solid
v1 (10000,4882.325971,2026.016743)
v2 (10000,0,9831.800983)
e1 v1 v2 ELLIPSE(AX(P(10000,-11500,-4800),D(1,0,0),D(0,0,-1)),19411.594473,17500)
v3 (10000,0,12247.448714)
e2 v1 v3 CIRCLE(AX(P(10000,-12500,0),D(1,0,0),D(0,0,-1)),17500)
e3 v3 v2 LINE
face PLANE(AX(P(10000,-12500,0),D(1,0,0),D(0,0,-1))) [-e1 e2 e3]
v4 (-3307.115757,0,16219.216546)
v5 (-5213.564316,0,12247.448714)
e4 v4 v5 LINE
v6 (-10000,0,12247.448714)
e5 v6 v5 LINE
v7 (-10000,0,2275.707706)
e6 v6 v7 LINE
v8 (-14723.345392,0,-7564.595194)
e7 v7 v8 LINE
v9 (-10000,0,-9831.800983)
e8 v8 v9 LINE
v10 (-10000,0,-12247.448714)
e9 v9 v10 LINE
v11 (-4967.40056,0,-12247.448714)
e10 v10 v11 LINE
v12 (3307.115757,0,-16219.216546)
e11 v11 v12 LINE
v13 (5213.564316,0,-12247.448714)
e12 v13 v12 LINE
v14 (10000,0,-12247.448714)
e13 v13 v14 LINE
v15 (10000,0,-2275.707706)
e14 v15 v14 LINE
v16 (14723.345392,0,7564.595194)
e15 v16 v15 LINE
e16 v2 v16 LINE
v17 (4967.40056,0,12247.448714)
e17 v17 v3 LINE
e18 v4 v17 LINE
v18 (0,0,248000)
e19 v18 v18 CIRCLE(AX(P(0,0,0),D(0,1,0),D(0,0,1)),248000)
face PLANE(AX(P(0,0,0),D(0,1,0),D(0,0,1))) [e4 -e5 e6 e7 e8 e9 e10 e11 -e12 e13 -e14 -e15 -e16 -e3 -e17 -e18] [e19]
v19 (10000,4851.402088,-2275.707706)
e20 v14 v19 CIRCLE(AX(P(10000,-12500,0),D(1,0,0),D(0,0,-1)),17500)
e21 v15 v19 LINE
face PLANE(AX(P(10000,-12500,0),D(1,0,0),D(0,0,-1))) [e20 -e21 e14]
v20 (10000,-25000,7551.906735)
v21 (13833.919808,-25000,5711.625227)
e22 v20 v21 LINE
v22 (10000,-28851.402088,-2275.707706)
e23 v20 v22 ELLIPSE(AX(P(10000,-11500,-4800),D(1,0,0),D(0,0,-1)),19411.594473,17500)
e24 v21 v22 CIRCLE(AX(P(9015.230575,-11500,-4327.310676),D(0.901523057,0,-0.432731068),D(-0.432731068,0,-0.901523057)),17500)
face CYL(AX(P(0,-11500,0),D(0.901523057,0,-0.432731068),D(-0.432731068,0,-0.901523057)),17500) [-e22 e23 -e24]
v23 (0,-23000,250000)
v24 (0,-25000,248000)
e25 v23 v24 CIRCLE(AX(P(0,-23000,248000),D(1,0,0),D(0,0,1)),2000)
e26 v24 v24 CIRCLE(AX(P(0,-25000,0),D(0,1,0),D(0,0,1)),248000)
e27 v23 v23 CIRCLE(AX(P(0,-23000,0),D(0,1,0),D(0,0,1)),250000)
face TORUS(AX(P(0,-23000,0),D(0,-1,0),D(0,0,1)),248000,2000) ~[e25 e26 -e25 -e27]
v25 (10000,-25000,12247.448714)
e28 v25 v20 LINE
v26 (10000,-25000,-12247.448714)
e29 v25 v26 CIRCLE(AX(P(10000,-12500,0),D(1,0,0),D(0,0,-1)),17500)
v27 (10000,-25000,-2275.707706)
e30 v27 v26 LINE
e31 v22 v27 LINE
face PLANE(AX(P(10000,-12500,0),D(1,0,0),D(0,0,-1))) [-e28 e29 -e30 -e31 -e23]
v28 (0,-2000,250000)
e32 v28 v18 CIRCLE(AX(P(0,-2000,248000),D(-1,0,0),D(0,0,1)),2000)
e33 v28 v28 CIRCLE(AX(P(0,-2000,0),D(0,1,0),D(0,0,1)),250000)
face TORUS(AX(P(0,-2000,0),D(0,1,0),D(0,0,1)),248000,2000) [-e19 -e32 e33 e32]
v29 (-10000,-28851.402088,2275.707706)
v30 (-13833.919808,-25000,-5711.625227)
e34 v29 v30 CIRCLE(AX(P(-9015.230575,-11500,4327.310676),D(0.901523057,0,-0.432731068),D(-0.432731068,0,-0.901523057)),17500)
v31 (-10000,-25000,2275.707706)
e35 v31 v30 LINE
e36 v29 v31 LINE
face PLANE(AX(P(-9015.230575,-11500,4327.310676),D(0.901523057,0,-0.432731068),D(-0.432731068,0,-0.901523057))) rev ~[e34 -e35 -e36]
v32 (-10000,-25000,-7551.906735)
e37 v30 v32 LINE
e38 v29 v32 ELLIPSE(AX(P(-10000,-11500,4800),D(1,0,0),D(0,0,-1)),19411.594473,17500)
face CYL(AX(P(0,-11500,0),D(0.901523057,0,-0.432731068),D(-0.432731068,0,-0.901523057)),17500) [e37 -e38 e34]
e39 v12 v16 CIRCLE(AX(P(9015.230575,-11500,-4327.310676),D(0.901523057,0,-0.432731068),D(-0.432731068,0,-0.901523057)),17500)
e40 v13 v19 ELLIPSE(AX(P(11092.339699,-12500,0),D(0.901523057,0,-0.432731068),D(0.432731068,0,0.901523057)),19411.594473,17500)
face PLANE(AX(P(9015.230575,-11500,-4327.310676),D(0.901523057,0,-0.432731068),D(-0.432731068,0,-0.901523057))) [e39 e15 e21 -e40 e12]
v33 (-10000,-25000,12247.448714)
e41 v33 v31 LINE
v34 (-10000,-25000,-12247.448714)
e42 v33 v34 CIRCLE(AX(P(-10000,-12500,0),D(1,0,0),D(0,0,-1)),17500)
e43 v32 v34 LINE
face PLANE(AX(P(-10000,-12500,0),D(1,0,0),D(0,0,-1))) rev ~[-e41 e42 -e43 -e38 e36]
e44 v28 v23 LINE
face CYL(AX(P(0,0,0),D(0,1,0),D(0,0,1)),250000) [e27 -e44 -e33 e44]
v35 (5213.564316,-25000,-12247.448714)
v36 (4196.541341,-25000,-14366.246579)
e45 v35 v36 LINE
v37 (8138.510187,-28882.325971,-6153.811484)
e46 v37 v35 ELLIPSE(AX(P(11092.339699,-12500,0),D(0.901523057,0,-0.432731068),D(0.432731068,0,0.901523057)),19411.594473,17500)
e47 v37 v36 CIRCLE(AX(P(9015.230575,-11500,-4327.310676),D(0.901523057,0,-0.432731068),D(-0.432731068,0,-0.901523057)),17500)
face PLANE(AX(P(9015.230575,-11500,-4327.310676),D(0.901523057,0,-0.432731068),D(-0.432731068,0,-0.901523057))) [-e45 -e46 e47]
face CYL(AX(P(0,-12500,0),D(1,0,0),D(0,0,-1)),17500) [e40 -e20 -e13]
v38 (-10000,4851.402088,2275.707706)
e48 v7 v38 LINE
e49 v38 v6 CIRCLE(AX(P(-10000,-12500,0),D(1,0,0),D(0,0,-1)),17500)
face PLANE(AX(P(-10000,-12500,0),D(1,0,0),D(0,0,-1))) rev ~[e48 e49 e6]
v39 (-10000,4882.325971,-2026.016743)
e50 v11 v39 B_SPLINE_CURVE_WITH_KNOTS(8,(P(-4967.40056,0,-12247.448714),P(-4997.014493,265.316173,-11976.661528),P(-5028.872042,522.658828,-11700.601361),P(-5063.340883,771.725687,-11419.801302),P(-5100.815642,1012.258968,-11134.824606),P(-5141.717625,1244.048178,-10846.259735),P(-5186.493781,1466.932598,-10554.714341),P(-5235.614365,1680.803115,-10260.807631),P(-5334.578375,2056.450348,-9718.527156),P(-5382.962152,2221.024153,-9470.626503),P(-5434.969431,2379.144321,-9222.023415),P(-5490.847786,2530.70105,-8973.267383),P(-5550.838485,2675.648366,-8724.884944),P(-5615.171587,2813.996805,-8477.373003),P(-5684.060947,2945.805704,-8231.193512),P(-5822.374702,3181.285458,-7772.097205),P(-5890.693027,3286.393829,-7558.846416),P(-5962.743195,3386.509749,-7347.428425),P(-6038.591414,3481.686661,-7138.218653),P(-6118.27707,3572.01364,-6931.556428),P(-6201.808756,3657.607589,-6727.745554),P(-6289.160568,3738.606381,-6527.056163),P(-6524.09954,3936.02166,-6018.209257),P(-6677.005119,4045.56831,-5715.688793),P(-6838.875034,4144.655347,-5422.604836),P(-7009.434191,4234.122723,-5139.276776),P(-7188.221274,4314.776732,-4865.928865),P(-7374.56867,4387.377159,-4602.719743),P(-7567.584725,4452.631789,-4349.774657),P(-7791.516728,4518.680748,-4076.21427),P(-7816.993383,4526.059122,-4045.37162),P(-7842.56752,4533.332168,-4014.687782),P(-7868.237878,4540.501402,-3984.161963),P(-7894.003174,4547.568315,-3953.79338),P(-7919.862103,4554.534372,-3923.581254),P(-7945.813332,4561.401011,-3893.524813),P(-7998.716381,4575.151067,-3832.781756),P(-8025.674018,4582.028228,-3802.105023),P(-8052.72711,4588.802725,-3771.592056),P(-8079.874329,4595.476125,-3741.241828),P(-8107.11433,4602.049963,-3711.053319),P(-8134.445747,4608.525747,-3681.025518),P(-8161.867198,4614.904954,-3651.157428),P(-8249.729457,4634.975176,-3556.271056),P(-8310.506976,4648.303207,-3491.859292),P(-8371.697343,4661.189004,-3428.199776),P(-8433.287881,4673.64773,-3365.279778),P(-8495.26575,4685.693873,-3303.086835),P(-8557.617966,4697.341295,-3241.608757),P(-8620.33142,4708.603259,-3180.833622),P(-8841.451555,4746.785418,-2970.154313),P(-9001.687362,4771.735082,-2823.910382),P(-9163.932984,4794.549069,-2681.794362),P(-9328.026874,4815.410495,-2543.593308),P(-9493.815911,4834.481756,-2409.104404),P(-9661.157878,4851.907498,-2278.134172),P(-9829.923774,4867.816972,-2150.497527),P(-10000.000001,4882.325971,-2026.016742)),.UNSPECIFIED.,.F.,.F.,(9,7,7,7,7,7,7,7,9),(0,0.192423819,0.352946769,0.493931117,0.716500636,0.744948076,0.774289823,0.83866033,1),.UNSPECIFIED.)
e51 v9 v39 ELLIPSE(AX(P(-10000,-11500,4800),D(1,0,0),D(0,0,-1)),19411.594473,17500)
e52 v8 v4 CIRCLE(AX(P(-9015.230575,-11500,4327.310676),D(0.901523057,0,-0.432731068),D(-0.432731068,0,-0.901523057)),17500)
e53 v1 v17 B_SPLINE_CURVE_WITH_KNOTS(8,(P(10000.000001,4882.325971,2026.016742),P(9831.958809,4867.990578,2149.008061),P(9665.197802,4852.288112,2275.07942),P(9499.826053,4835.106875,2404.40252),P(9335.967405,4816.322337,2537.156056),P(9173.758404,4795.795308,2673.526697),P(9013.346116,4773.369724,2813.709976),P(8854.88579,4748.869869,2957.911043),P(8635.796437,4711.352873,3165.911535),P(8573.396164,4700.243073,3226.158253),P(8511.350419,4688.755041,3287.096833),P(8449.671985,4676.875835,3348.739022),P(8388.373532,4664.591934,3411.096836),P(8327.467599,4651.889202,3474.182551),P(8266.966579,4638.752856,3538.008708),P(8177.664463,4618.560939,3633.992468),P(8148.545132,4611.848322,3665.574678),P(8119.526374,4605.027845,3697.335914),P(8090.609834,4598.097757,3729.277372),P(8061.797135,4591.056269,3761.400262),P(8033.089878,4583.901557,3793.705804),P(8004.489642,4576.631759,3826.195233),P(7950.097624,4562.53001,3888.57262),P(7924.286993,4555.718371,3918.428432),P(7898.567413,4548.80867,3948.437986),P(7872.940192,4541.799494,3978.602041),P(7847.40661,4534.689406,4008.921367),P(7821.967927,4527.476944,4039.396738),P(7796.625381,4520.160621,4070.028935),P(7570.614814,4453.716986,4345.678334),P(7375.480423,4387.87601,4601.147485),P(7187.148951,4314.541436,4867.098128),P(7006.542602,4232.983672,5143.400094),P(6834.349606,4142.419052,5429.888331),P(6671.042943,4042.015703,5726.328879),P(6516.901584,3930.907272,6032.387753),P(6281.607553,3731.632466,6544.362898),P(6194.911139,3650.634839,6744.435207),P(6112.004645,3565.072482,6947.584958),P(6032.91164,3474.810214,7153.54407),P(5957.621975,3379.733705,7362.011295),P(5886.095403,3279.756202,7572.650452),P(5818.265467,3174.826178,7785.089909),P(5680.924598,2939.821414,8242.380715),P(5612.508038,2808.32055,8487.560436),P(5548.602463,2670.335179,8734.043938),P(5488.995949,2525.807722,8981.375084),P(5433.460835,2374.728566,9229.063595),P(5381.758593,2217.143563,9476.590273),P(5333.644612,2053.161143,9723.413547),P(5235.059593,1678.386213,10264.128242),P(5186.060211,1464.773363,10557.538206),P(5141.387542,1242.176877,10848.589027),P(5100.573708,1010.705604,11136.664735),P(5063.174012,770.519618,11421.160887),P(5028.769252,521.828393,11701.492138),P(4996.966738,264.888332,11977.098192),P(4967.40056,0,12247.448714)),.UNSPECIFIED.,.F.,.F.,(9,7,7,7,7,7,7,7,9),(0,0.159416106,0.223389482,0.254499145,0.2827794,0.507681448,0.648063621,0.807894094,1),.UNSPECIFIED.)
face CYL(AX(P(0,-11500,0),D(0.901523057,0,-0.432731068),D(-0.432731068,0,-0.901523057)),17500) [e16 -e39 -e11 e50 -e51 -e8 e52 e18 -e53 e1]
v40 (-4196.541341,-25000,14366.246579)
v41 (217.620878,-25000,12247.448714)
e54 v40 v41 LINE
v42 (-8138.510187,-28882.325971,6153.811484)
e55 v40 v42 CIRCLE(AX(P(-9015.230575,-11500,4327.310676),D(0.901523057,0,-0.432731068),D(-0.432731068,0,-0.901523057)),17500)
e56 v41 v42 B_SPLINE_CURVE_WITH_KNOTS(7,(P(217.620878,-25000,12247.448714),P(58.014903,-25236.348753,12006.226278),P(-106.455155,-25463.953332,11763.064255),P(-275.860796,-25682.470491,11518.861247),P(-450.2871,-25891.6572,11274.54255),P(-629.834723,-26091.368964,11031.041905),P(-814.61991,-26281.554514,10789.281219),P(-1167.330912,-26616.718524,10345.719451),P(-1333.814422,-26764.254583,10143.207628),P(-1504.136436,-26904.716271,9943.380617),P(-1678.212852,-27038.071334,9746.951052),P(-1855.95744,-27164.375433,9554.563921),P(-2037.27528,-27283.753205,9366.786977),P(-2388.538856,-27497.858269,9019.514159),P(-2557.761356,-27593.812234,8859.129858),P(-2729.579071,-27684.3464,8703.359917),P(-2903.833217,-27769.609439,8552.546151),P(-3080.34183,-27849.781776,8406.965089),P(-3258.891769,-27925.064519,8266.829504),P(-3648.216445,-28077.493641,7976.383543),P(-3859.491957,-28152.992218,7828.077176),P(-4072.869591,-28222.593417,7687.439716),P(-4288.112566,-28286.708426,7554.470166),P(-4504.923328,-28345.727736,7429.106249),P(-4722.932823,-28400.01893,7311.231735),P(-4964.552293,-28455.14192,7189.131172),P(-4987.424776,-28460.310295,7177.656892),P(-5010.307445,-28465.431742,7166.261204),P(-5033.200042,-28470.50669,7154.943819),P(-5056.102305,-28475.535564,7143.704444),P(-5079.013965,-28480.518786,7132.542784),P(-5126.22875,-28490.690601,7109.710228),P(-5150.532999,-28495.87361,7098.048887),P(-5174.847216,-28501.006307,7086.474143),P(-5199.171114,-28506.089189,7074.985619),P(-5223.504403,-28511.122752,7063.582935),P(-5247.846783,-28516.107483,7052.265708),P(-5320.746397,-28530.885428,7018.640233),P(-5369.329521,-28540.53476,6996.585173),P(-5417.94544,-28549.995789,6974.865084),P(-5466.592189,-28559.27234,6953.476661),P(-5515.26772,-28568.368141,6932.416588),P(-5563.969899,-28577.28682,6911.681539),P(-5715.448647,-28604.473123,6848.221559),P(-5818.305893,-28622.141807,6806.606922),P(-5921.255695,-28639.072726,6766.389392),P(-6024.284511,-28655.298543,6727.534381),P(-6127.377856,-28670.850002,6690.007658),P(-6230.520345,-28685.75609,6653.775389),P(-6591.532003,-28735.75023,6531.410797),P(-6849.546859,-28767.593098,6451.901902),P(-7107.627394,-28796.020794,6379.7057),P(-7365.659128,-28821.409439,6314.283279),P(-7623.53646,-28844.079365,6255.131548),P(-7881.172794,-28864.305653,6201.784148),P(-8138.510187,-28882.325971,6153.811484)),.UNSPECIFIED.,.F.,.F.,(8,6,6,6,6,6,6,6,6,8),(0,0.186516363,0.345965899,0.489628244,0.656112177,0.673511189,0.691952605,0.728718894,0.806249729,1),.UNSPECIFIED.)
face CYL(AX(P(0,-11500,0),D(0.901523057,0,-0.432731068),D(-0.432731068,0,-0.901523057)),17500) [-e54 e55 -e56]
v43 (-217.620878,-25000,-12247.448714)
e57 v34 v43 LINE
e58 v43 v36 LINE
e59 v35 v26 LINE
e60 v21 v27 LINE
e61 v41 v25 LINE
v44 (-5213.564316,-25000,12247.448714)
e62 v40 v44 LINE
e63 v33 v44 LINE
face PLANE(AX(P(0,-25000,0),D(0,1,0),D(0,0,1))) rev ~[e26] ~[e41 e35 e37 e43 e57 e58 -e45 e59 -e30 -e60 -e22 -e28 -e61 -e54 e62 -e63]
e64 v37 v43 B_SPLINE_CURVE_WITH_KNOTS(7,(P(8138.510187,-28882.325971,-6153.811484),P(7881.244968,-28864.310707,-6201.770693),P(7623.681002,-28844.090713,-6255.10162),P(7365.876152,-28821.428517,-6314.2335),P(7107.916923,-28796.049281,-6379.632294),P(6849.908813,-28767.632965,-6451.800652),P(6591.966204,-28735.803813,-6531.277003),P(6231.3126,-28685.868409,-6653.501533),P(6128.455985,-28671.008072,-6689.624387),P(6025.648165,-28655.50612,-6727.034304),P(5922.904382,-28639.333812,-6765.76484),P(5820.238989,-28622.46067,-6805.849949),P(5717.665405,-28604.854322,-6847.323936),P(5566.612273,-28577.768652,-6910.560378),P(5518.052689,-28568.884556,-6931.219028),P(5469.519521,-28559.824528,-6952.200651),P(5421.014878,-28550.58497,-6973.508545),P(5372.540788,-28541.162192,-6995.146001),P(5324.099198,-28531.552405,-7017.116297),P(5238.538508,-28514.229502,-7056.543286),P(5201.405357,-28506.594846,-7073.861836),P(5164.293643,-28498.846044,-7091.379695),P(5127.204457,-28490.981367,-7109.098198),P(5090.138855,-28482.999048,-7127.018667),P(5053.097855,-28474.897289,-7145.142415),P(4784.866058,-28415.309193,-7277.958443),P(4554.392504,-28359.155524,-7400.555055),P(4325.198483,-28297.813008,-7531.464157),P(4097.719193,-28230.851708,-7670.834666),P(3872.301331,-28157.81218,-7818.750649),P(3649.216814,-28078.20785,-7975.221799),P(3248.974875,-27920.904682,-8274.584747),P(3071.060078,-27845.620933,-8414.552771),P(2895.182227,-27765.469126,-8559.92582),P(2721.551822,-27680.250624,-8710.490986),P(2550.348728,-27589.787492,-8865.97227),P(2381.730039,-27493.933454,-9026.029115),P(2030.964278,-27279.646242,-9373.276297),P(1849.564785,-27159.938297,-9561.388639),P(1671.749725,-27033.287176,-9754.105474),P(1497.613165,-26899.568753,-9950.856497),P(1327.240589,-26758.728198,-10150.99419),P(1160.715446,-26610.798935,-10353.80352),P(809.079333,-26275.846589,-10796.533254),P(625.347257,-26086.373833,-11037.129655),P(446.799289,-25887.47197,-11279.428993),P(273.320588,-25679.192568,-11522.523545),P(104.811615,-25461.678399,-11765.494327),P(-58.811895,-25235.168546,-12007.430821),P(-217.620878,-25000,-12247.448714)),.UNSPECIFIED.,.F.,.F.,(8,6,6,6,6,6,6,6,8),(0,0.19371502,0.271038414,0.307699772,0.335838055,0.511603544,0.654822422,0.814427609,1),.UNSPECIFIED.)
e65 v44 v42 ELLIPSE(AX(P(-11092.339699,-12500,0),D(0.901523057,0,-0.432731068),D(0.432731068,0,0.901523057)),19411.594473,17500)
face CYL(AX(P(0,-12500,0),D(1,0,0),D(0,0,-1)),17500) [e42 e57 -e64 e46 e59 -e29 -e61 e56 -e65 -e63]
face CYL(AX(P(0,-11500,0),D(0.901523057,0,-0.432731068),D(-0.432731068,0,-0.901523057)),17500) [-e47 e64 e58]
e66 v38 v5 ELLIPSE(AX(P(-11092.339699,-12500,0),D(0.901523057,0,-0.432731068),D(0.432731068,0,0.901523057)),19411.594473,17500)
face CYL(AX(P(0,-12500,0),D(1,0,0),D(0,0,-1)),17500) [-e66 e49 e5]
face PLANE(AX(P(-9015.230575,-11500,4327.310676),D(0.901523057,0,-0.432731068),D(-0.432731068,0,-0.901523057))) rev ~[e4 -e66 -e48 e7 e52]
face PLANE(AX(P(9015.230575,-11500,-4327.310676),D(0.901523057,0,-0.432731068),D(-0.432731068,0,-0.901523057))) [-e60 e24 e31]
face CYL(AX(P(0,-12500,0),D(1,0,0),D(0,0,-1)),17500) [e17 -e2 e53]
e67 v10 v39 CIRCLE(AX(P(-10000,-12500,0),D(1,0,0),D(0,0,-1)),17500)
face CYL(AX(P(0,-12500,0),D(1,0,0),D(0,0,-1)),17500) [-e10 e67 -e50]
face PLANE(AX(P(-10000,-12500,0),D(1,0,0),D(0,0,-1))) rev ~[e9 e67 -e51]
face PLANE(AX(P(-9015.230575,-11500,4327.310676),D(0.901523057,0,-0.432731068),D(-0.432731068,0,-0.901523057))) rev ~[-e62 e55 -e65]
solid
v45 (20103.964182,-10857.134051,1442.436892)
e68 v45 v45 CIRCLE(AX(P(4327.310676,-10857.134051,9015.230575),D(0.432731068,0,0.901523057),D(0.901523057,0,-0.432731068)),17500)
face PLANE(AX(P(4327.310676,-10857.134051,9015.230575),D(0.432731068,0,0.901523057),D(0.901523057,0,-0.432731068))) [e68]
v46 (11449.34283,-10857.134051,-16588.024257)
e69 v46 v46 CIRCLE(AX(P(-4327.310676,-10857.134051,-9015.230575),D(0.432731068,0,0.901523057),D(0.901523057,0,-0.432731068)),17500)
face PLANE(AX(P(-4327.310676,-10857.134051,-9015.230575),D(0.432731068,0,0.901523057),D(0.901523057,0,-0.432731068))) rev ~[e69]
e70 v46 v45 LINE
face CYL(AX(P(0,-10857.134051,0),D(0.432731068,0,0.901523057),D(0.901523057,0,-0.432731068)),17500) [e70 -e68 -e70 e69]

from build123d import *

# Parameters (mm, degrees)
SKETCH1_R           = 250000
BOSS_EXTRUDE1_DEPTH = 25000
FILLET1_R           = 2000
SKETCH2_R           = 17500
BOSS_EXTRUDE2_DEPTH = 10000
SKETCH4_R           = 17500
BOSS_EXTRUDE3_DEPTH = 10000
SKETCH5_R           = 17500
BOSS_EXTRUDE4_DEPTH = 10000


with BuildPart() as part:
    # Sketch1 → Boss-Extrude1 (new body)
    with BuildSketch(Plane(origin=(0, 0, 0), x_dir=(1, 0, 0), z_dir=(0, 1, 0))):
        with Locations(Location((0, 0, 0), (0, 0, 270))):
            Circle(SKETCH1_R)
    extrude(amount=-BOSS_EXTRUDE1_DEPTH)

    # Fillet1
    fillet1_edges = [part.edges().sort_by_distance(p)[0] for p in [
        (0, 0, -250000),
        (0, -25000, -250000),
    ]]
    fillet(fillet1_edges, radius=FILLET1_R)

    # Sketch2 → Boss-Extrude2 (add, symmetric)
    with BuildSketch(Plane(origin=(0, 0, 0), x_dir=(0, 0, -1), z_dir=(1, 0, 0))):
        with Locations((0, -12500)):
            Circle(SKETCH2_R)
    extrude(amount=BOSS_EXTRUDE2_DEPTH, both=True)

    # Sketch5 → Boss-Extrude4 (add, symmetric)
    with BuildSketch(Plane(origin=(0, 0, 0), x_dir=(-0.432731067584773, 0, -0.9015230574682729), z_dir=(0.9015230574682729, 0, -0.432731067584773))):
        with Locations((0, -11500)):
            Circle(SKETCH5_R)
    extrude(amount=BOSS_EXTRUDE4_DEPTH, both=True)


with BuildPart() as body_2:
    # Sketch4 → Boss-Extrude3 (new, symmetric)
    with BuildSketch(Plane(origin=(0, 0, 0), x_dir=(0.9015230574682728, 0, -0.4327310675847731), z_dir=(0.4327310675847731, 0, 0.9015230574682728))):
        with Locations((0, -10857.13405129)):
            Circle(SKETCH4_R)
    extrude(amount=BOSS_EXTRUDE3_DEPTH, both=True)


solid = Compound([part.part, body_2.part])
